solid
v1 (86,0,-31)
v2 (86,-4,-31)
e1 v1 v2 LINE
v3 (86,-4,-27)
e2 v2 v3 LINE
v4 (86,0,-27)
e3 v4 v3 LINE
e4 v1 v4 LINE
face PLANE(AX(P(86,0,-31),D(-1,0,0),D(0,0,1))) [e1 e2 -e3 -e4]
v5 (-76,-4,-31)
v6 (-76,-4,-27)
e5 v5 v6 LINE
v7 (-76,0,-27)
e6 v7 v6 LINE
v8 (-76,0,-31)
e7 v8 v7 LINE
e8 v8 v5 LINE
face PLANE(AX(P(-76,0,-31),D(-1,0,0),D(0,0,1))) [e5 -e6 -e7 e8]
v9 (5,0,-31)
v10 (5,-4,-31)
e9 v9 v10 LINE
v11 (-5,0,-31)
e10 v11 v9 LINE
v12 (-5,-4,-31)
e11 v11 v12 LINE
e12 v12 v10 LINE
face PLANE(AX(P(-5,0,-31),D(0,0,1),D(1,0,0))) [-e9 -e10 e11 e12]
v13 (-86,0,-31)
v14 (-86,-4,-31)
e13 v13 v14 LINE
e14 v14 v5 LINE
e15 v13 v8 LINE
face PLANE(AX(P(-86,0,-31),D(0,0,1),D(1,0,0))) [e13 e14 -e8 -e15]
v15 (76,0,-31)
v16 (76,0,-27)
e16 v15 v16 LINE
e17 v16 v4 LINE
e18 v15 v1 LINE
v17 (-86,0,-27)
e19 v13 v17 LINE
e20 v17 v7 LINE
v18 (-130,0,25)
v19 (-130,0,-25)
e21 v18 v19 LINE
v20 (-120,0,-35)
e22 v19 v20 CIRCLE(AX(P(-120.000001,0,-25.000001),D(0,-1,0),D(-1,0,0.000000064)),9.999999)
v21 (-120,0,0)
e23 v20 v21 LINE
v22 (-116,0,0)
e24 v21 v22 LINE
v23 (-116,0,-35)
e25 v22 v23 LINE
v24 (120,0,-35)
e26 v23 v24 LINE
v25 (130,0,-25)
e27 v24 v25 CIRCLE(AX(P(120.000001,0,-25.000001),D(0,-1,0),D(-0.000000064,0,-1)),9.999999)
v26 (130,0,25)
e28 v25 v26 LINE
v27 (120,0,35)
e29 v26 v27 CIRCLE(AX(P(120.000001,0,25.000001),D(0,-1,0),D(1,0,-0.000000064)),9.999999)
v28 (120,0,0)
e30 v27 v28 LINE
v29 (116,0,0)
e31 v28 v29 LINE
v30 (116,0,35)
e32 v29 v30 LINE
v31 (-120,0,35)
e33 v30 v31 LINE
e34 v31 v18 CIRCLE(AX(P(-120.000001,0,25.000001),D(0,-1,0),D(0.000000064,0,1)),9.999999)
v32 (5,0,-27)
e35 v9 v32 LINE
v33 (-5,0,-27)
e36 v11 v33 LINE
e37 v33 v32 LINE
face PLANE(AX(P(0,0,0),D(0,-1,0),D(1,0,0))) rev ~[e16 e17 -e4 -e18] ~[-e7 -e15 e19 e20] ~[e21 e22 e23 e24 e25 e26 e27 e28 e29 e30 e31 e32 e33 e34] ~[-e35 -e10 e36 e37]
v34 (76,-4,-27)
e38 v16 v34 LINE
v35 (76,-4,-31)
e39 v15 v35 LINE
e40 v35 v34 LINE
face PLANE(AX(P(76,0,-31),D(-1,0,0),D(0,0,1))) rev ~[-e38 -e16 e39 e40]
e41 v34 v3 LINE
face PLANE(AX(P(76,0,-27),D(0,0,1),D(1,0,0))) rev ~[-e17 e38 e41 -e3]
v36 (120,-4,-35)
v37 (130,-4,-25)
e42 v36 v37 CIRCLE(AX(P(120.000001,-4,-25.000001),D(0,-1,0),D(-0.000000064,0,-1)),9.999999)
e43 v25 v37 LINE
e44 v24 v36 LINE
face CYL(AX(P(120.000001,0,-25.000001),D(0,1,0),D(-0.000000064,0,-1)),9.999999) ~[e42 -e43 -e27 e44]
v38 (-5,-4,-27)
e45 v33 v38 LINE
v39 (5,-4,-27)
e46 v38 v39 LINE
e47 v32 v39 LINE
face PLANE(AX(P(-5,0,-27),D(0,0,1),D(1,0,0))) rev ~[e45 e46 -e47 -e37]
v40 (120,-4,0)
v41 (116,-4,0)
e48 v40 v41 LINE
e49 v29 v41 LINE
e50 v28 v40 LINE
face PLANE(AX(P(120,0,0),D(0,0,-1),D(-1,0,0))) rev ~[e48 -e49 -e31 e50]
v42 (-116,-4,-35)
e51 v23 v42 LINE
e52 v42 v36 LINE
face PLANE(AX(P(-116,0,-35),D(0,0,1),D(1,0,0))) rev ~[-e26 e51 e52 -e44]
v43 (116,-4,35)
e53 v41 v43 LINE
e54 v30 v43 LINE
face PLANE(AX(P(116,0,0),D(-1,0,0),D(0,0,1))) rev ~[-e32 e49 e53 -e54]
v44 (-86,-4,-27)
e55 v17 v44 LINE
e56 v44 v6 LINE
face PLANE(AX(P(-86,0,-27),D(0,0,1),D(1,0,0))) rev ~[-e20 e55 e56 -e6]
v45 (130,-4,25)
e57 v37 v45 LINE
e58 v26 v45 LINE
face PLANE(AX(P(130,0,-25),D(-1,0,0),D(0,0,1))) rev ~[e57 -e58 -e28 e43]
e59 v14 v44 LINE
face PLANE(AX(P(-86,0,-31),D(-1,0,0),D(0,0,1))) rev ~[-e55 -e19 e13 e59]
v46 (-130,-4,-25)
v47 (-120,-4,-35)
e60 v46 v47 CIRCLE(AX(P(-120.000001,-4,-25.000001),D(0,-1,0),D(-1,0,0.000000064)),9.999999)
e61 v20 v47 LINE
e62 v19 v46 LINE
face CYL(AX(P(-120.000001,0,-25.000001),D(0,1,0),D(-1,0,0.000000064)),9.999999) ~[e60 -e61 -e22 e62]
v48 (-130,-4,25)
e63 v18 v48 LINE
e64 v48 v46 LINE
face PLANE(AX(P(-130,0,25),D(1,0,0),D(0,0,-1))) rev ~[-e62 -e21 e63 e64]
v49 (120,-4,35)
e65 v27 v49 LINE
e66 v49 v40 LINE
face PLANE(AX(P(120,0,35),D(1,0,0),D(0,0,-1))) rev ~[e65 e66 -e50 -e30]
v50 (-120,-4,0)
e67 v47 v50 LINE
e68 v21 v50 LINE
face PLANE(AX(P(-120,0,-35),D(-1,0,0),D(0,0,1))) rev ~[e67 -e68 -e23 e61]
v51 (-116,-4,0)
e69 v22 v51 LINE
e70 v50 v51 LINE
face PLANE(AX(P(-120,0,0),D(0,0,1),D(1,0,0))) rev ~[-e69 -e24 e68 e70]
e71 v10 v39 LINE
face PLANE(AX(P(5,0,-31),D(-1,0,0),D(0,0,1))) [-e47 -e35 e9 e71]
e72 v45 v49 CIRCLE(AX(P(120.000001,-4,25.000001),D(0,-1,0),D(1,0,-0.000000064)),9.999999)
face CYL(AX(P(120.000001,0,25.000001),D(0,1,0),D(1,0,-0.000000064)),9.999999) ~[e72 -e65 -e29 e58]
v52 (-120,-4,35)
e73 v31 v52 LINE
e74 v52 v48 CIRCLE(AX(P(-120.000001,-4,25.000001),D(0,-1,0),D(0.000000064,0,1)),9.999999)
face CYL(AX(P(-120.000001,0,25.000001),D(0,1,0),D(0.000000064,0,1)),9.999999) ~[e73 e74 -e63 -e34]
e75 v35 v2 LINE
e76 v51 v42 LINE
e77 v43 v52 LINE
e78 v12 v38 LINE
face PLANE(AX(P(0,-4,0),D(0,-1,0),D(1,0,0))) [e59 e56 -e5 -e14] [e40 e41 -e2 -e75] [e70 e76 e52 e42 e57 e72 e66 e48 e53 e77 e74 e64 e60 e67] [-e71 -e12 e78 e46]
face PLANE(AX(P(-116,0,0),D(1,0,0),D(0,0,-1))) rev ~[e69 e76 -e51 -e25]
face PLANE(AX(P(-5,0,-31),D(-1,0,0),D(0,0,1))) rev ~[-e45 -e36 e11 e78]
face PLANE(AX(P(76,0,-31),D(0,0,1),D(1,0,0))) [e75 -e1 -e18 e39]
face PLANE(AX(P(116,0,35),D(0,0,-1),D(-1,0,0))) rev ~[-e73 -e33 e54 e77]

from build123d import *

# Parameters (mm, degrees)
F0_W     = 10
F0_H     = 4
F1_DEPTH = 4


with BuildPart() as f1:
    # F0 (on Front) → F1 (new body)
    with BuildSketch(Plane.XZ):
        with BuildLine():
            Line((116, 35), (-120, 35))
            ThreePointArc((-120, 35), (-127.071068, 32.071068), (-130, 25))
            Line((-130, 25), (-130, -25))
            ThreePointArc((-130, -25), (-127.071068, -32.071068), (-120, -35))
            Line((-120, -35), (-120, 0))
            Line((-120, 0), (-116, 0))
            Line((-116, 0), (-116, -35))
            Line((-116, -35), (120, -35))
            ThreePointArc((120, -35), (127.071068, -32.071068), (130, -25))
            Line((130, -25), (130, 25))
            ThreePointArc((130, 25), (127.071068, 32.071068), (120, 35))
            Line((120, 35), (120, 0))
            Line((120, 0), (116, 0))
            Line((116, 0), (116, 35))
        make_face()
        with Locations((-81, -29)):
            Rectangle(F0_W, F0_H, mode=Mode.SUBTRACT)
        with Locations((0, -29)):
            Rectangle(F0_W, F0_H, mode=Mode.SUBTRACT)
        with Locations((81, -29)):
            Rectangle(F0_W, F0_H, mode=Mode.SUBTRACT)
    extrude(amount=F1_DEPTH)


solid = f1.part
